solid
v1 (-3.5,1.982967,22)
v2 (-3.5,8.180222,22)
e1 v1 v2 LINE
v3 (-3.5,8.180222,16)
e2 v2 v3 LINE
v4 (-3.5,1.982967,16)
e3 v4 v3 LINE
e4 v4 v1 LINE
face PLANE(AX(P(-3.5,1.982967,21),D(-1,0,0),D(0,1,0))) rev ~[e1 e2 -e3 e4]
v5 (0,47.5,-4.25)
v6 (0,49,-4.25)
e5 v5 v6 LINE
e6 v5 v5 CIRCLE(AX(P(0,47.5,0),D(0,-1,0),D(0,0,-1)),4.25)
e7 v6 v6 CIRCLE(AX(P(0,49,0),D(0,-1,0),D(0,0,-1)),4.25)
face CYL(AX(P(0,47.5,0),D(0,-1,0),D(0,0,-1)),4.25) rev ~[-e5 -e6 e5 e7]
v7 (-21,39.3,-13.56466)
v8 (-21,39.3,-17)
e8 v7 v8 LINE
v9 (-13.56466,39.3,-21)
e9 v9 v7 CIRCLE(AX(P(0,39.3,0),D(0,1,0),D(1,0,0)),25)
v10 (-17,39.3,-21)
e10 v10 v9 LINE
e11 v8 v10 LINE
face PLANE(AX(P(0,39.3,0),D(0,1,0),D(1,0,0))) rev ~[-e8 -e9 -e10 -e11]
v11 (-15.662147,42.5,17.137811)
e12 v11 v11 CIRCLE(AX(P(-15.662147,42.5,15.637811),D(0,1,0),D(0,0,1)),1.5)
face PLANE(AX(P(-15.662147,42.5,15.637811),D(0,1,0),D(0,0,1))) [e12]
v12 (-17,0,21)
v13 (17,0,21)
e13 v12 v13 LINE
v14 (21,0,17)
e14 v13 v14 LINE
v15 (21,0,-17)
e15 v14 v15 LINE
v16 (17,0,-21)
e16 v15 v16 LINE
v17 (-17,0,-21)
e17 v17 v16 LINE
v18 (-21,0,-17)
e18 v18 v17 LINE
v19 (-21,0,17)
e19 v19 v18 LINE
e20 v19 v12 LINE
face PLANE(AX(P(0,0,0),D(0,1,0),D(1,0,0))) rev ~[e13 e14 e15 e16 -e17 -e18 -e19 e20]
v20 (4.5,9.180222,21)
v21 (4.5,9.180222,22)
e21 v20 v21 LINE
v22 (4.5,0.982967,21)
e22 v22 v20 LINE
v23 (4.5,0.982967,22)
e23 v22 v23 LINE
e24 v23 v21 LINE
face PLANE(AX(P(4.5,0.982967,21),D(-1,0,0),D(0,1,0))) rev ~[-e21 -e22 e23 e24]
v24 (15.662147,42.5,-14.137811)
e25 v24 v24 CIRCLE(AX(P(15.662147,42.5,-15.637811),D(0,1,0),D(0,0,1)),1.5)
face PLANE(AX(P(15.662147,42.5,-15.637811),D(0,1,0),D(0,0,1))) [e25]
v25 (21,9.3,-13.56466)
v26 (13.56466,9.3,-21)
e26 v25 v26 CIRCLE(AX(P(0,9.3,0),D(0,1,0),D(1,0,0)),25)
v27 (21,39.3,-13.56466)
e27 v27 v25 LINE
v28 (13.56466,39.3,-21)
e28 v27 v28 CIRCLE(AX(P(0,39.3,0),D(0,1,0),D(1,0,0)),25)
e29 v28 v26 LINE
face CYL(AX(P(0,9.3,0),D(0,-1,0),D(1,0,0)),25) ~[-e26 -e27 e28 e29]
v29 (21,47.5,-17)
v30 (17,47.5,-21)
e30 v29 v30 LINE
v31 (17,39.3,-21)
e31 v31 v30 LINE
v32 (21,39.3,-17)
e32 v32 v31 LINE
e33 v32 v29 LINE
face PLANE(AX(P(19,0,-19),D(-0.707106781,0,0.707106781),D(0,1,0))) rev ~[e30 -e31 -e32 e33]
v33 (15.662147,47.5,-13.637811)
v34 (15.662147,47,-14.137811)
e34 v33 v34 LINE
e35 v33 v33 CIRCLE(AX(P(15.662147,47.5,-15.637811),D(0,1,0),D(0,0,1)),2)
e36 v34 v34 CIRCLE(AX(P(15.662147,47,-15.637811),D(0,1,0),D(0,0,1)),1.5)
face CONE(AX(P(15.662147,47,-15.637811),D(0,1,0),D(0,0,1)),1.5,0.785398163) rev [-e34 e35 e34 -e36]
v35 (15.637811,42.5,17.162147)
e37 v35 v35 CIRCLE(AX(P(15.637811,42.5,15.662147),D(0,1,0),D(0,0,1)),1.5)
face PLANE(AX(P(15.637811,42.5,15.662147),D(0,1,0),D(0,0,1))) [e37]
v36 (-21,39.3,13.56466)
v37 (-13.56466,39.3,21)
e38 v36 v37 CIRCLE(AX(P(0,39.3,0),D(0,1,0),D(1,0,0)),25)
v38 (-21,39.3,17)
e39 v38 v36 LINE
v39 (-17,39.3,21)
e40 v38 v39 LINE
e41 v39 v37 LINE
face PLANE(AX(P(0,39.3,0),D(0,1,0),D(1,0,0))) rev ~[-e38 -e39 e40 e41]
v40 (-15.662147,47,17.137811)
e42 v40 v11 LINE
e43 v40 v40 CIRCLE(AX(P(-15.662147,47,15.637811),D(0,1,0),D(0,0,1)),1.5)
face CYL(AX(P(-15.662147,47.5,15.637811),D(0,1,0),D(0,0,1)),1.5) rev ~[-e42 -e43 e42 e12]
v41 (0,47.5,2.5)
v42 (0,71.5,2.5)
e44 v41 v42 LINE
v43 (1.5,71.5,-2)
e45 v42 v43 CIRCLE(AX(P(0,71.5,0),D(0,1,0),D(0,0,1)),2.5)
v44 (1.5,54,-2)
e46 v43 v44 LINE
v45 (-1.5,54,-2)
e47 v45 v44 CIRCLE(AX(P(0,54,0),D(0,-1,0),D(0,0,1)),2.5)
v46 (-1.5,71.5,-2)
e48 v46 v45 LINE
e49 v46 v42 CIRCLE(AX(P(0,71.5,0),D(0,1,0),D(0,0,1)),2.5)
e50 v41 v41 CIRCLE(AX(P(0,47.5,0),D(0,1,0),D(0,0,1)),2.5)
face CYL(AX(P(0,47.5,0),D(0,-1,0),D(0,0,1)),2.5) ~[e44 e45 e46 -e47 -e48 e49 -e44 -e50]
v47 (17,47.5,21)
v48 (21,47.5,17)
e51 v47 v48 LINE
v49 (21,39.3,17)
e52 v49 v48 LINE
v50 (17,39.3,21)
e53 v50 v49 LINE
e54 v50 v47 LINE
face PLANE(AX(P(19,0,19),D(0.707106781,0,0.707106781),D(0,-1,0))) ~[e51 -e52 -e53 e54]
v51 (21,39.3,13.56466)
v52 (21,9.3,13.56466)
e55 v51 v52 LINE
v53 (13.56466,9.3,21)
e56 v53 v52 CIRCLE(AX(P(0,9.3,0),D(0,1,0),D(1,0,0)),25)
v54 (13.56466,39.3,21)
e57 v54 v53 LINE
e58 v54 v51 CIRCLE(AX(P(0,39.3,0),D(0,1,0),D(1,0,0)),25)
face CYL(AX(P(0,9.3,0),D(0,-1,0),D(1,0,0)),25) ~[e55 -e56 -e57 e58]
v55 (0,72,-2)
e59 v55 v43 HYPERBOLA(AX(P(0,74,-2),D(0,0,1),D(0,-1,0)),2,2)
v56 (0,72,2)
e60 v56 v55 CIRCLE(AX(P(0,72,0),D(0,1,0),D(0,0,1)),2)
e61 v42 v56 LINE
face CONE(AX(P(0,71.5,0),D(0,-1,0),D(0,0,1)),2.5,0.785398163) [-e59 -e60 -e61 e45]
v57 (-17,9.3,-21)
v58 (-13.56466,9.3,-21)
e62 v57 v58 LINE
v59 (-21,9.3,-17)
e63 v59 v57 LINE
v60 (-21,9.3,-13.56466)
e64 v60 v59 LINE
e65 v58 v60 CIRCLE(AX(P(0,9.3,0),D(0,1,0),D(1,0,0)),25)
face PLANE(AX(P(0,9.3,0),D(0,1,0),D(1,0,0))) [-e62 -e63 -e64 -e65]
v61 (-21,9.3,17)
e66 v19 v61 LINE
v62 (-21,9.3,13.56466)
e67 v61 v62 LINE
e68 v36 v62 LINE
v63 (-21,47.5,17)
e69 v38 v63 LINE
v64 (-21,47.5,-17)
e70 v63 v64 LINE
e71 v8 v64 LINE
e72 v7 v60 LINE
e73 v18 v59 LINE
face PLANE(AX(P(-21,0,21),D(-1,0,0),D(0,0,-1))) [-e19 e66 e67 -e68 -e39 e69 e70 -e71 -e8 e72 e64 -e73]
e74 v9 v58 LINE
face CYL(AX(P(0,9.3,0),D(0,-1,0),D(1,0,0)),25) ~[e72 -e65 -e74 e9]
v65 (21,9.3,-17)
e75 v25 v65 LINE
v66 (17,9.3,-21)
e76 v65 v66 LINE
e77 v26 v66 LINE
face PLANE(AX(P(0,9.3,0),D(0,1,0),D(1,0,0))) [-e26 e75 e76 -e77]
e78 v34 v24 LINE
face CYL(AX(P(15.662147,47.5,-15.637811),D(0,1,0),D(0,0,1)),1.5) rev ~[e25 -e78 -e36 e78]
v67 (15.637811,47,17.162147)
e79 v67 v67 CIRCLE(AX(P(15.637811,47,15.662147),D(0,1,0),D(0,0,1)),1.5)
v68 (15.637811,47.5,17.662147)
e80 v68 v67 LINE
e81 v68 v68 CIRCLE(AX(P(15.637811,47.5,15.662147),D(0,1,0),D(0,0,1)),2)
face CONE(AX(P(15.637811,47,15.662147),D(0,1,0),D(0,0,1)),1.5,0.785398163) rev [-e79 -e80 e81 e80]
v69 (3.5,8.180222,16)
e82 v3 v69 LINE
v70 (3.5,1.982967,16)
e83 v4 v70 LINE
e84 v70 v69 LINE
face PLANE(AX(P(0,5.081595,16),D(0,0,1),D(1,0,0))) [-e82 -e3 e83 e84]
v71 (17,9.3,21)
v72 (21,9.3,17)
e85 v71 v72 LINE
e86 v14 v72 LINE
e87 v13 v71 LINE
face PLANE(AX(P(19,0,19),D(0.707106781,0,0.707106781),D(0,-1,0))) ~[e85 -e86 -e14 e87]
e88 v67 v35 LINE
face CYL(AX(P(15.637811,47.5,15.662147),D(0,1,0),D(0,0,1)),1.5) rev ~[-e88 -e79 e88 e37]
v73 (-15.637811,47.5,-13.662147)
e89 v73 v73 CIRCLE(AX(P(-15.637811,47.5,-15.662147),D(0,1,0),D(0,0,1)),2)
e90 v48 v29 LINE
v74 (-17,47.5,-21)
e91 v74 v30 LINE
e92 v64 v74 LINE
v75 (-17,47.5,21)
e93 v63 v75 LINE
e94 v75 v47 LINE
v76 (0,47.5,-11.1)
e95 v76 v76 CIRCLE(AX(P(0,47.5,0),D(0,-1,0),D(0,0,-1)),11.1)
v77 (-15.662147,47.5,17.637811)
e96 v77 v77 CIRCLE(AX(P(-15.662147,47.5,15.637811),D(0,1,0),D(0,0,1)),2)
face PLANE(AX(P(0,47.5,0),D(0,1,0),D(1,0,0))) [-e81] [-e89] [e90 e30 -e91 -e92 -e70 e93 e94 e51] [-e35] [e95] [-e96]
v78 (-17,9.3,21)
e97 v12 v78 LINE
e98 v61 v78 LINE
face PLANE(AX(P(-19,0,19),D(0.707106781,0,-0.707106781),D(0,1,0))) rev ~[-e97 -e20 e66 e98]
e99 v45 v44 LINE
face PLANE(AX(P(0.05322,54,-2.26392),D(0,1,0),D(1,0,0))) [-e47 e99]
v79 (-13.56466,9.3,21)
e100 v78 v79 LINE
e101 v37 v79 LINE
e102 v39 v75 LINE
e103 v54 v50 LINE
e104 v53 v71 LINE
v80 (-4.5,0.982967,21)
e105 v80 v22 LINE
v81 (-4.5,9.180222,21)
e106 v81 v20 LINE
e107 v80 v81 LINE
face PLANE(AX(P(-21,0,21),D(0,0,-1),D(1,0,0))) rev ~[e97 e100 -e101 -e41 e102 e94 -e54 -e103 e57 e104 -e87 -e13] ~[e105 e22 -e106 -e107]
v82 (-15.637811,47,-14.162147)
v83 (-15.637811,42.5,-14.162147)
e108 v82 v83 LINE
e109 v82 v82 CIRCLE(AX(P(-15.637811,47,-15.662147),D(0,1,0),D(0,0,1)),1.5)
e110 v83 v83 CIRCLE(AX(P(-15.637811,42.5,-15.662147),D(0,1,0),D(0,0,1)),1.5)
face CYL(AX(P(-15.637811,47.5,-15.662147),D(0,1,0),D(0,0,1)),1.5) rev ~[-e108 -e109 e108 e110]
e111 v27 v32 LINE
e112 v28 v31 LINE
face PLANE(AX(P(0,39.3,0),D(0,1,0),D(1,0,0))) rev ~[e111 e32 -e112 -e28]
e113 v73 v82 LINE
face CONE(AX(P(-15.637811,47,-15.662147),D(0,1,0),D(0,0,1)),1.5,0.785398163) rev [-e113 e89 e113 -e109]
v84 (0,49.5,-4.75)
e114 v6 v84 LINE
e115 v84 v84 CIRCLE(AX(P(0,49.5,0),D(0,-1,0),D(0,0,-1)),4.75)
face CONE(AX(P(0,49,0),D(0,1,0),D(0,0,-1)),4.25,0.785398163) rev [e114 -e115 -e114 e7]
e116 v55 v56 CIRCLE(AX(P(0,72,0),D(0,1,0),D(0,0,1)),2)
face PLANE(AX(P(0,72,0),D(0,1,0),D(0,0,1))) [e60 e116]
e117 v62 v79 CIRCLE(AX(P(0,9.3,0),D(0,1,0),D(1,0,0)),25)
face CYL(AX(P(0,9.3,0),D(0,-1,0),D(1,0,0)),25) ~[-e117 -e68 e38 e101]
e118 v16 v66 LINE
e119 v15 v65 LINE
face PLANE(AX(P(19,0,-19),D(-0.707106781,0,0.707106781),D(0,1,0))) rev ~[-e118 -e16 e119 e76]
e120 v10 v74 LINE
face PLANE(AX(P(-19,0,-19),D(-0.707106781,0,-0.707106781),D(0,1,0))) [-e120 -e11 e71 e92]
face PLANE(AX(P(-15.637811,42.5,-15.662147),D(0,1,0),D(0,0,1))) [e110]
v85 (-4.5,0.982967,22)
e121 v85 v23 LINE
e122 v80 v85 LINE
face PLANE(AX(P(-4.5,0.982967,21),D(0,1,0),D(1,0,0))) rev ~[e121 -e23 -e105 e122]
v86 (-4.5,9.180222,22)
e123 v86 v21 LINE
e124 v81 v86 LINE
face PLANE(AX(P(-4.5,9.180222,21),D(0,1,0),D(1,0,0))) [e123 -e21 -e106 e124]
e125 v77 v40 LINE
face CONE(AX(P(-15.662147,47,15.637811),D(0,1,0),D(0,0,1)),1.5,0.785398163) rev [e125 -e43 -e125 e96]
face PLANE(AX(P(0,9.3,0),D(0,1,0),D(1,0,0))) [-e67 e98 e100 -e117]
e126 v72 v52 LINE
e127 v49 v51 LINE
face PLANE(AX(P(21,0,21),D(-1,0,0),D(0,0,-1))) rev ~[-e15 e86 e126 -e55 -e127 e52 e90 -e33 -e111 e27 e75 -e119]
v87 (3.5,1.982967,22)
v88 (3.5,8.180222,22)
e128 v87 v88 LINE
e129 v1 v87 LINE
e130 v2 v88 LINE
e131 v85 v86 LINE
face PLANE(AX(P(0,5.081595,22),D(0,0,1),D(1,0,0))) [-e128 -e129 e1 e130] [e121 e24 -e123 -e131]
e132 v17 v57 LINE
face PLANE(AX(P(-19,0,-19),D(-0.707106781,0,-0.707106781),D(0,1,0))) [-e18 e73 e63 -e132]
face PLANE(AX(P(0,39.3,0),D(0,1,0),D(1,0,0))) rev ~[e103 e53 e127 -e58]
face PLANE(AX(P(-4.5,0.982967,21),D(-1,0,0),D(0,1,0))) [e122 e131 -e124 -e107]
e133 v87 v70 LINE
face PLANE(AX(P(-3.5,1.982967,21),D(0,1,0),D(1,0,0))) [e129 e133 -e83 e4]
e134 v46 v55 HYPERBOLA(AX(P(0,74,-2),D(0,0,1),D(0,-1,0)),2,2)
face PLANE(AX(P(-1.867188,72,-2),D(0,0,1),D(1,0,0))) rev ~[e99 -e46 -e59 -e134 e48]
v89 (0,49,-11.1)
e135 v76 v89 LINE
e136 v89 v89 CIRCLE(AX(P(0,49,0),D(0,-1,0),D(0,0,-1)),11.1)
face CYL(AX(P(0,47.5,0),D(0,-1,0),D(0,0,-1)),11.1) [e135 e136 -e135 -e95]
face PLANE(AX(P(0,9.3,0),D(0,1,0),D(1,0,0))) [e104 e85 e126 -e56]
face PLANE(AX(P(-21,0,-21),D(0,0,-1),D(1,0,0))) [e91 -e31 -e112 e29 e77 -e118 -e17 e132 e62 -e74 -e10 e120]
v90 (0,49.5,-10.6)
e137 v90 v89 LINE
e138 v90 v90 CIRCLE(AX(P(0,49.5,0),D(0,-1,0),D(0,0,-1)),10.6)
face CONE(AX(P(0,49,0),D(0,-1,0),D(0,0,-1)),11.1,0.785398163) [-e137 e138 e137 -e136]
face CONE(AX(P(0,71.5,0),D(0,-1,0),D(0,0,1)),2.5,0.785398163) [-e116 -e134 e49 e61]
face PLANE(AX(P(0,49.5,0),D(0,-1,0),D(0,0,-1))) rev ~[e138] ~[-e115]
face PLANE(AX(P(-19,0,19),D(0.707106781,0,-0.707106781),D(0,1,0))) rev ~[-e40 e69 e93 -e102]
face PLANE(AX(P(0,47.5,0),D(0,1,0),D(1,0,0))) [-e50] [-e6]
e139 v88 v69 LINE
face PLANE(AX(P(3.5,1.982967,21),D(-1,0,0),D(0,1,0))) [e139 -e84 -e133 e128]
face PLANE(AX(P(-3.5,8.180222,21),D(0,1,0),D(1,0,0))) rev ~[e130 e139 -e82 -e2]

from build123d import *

# Parameters (mm, degrees)
SKETCH1_W           = 42
SKETCH1_H           = 42
BOSS_EXTRUDE1_DEPTH = 47.5
CHAMFER1_SIZE       = 4
SKETCH2_R           = 11.1
SKETCH2_R_2         = 4.25
BOSS_EXTRUDE2_DEPTH = 2
SKETCH4_R           = 2.5
BOSS_EXTRUDE3_DEPTH = 24.5
CHAMFER2_SIZE       = 0.5
CUT_EXTRUDE1_DEPTH  = 18
SKETCH6_R           = 1.5
CUT_EXTRUDE2_DEPTH  = 5
CUT_EXTRUDE3_START  = 9.3
SKETCH7_R           = 36.852304789
SKETCH7_R_2         = 25
CUT_EXTRUDE3_DEPTH  = 30
SKETCH8_W           = 9
SKETCH8_H           = 8.197254607
SKETCH8_W_2         = 7
SKETCH8_H_2         = 6.197254607
EXTRUDE_THIN1_DEPTH = 1
SKETCH9_W           = 7
SKETCH9_H           = 6.197254607
CUT_EXTRUDE4_DEPTH  = 5
CHAMFER3_SIZE       = 0.5


with BuildPart() as part:
    # Sketch1 → Boss-Extrude1 (new body)
    with BuildSketch(Plane(origin=(0, 0, 0), x_dir=(1, 0, 0), z_dir=(0, 1, 0))):
        Rectangle(SKETCH1_W, SKETCH1_H)
    extrude(amount=BOSS_EXTRUDE1_DEPTH)

    # Chamfer1
    chamfer1_edges = [part.edges().sort_by_distance(p)[0] for p in [
        (21, 23.75, 21),
        (-21, 23.75, 21),
        (-21, 23.75, -21),
        (21, 23.75, -21),
    ]]
    chamfer(chamfer1_edges, length=CHAMFER1_SIZE)

    # Sketch2 → Boss-Extrude2 (add)
    with BuildSketch(Plane.XZ.offset(-47.5)):
        with Locations(Location((0, 0, 0), (0, 0, 270))):
            Circle(SKETCH2_R)
        with Locations(Location((0, 0, 0), (0, 0, 270))):
            Circle(SKETCH2_R_2, mode=Mode.SUBTRACT)
    extrude(amount=-BOSS_EXTRUDE2_DEPTH)

    # Sketch4 → Boss-Extrude3 (add)
    with BuildSketch(Plane(origin=(0, 47.5, 0), x_dir=(1, 0, 0), z_dir=(0, 1, 0))):
        with Locations(Location((0, 0, 0), (0, 0, 270))):
            Circle(SKETCH4_R)
    extrude(amount=BOSS_EXTRUDE3_DEPTH)

    # Chamfer2
    chamfer2_edges = [part.edges().sort_by_distance(p)[0] for p in [
        (0, 72, -2.5),
    ]]
    chamfer(chamfer2_edges, length=CHAMFER2_SIZE)

    # Sketch5 → Cut-Extrude1 (cut)
    with BuildSketch(Plane(origin=(0, 72, 0), x_dir=(1, 0, 0), z_dir=(0, 1, 0))):
        Polygon((-1.867188484, 2), (1.973628394, 2), (0.053219955, 2.996371605), align=None)
    extrude(amount=-CUT_EXTRUDE1_DEPTH, mode=Mode.SUBTRACT)

    # Sketch6 → Cut-Extrude2 (cut)
    with BuildSketch(Plane(origin=(0, 47.5, 0), x_dir=(1, 0, 0), z_dir=(0, 1, 0))):
        with Locations(Location((-15.637811111, 15.662146765, 0), (0, 0, 270))):
            Circle(SKETCH6_R)
        with Locations(Location((15.662146765, 15.637811111, 0), (0, 0, 270))):
            Circle(SKETCH6_R)
        with Locations(Location((15.637811111, -15.662146765, 0), (0, 0, 270))):
            Circle(SKETCH6_R)
        with Locations(Location((-15.662146765, -15.637811111, 0), (0, 0, 270))):
            Circle(SKETCH6_R)
    extrude(amount=-CUT_EXTRUDE2_DEPTH, mode=Mode.SUBTRACT)

    # Sketch7 → Cut-Extrude3 (cut)
    with BuildSketch(Plane(origin=(0, 0, 0), x_dir=(1, 0, 0), z_dir=(0, 1, 0)).offset(CUT_EXTRUDE3_START)):
        Circle(SKETCH7_R)
        Circle(SKETCH7_R_2, mode=Mode.SUBTRACT)
    extrude(amount=CUT_EXTRUDE3_DEPTH, mode=Mode.SUBTRACT)

    # Sketch8 → Extrude-Thin1 (add)
    with BuildSketch(Plane.XY.offset(21)):
        with Locations((0, 5.081594665)):
            Rectangle(SKETCH8_W, SKETCH8_H)
        with Locations((0, 5.081594665)):
            Rectangle(SKETCH8_W_2, SKETCH8_H_2, mode=Mode.SUBTRACT)
    extrude(amount=EXTRUDE_THIN1_DEPTH)

    # Sketch9 → Cut-Extrude4 (cut)
    with BuildSketch(Plane.XY.offset(21)):
        with Locations((0, 5.081594665)):
            Rectangle(SKETCH9_W, SKETCH9_H)
    extrude(amount=-CUT_EXTRUDE4_DEPTH, mode=Mode.SUBTRACT)

    # Chamfer3
    chamfer3_edges = [part.edges().sort_by_distance(p)[0] for p in [
        (0, 49.5, 11.1),
        (0, 49.5, 4.25),
        (-15.637811111, 47.5, -17.162146765),
        (15.662146765, 47.5, -17.137811111),
        (15.637811111, 47.5, 14.162146765),
        (-15.662146765, 47.5, 14.137811111),
    ]]
    chamfer(chamfer3_edges, length=CHAMFER3_SIZE)


solid = part.part
